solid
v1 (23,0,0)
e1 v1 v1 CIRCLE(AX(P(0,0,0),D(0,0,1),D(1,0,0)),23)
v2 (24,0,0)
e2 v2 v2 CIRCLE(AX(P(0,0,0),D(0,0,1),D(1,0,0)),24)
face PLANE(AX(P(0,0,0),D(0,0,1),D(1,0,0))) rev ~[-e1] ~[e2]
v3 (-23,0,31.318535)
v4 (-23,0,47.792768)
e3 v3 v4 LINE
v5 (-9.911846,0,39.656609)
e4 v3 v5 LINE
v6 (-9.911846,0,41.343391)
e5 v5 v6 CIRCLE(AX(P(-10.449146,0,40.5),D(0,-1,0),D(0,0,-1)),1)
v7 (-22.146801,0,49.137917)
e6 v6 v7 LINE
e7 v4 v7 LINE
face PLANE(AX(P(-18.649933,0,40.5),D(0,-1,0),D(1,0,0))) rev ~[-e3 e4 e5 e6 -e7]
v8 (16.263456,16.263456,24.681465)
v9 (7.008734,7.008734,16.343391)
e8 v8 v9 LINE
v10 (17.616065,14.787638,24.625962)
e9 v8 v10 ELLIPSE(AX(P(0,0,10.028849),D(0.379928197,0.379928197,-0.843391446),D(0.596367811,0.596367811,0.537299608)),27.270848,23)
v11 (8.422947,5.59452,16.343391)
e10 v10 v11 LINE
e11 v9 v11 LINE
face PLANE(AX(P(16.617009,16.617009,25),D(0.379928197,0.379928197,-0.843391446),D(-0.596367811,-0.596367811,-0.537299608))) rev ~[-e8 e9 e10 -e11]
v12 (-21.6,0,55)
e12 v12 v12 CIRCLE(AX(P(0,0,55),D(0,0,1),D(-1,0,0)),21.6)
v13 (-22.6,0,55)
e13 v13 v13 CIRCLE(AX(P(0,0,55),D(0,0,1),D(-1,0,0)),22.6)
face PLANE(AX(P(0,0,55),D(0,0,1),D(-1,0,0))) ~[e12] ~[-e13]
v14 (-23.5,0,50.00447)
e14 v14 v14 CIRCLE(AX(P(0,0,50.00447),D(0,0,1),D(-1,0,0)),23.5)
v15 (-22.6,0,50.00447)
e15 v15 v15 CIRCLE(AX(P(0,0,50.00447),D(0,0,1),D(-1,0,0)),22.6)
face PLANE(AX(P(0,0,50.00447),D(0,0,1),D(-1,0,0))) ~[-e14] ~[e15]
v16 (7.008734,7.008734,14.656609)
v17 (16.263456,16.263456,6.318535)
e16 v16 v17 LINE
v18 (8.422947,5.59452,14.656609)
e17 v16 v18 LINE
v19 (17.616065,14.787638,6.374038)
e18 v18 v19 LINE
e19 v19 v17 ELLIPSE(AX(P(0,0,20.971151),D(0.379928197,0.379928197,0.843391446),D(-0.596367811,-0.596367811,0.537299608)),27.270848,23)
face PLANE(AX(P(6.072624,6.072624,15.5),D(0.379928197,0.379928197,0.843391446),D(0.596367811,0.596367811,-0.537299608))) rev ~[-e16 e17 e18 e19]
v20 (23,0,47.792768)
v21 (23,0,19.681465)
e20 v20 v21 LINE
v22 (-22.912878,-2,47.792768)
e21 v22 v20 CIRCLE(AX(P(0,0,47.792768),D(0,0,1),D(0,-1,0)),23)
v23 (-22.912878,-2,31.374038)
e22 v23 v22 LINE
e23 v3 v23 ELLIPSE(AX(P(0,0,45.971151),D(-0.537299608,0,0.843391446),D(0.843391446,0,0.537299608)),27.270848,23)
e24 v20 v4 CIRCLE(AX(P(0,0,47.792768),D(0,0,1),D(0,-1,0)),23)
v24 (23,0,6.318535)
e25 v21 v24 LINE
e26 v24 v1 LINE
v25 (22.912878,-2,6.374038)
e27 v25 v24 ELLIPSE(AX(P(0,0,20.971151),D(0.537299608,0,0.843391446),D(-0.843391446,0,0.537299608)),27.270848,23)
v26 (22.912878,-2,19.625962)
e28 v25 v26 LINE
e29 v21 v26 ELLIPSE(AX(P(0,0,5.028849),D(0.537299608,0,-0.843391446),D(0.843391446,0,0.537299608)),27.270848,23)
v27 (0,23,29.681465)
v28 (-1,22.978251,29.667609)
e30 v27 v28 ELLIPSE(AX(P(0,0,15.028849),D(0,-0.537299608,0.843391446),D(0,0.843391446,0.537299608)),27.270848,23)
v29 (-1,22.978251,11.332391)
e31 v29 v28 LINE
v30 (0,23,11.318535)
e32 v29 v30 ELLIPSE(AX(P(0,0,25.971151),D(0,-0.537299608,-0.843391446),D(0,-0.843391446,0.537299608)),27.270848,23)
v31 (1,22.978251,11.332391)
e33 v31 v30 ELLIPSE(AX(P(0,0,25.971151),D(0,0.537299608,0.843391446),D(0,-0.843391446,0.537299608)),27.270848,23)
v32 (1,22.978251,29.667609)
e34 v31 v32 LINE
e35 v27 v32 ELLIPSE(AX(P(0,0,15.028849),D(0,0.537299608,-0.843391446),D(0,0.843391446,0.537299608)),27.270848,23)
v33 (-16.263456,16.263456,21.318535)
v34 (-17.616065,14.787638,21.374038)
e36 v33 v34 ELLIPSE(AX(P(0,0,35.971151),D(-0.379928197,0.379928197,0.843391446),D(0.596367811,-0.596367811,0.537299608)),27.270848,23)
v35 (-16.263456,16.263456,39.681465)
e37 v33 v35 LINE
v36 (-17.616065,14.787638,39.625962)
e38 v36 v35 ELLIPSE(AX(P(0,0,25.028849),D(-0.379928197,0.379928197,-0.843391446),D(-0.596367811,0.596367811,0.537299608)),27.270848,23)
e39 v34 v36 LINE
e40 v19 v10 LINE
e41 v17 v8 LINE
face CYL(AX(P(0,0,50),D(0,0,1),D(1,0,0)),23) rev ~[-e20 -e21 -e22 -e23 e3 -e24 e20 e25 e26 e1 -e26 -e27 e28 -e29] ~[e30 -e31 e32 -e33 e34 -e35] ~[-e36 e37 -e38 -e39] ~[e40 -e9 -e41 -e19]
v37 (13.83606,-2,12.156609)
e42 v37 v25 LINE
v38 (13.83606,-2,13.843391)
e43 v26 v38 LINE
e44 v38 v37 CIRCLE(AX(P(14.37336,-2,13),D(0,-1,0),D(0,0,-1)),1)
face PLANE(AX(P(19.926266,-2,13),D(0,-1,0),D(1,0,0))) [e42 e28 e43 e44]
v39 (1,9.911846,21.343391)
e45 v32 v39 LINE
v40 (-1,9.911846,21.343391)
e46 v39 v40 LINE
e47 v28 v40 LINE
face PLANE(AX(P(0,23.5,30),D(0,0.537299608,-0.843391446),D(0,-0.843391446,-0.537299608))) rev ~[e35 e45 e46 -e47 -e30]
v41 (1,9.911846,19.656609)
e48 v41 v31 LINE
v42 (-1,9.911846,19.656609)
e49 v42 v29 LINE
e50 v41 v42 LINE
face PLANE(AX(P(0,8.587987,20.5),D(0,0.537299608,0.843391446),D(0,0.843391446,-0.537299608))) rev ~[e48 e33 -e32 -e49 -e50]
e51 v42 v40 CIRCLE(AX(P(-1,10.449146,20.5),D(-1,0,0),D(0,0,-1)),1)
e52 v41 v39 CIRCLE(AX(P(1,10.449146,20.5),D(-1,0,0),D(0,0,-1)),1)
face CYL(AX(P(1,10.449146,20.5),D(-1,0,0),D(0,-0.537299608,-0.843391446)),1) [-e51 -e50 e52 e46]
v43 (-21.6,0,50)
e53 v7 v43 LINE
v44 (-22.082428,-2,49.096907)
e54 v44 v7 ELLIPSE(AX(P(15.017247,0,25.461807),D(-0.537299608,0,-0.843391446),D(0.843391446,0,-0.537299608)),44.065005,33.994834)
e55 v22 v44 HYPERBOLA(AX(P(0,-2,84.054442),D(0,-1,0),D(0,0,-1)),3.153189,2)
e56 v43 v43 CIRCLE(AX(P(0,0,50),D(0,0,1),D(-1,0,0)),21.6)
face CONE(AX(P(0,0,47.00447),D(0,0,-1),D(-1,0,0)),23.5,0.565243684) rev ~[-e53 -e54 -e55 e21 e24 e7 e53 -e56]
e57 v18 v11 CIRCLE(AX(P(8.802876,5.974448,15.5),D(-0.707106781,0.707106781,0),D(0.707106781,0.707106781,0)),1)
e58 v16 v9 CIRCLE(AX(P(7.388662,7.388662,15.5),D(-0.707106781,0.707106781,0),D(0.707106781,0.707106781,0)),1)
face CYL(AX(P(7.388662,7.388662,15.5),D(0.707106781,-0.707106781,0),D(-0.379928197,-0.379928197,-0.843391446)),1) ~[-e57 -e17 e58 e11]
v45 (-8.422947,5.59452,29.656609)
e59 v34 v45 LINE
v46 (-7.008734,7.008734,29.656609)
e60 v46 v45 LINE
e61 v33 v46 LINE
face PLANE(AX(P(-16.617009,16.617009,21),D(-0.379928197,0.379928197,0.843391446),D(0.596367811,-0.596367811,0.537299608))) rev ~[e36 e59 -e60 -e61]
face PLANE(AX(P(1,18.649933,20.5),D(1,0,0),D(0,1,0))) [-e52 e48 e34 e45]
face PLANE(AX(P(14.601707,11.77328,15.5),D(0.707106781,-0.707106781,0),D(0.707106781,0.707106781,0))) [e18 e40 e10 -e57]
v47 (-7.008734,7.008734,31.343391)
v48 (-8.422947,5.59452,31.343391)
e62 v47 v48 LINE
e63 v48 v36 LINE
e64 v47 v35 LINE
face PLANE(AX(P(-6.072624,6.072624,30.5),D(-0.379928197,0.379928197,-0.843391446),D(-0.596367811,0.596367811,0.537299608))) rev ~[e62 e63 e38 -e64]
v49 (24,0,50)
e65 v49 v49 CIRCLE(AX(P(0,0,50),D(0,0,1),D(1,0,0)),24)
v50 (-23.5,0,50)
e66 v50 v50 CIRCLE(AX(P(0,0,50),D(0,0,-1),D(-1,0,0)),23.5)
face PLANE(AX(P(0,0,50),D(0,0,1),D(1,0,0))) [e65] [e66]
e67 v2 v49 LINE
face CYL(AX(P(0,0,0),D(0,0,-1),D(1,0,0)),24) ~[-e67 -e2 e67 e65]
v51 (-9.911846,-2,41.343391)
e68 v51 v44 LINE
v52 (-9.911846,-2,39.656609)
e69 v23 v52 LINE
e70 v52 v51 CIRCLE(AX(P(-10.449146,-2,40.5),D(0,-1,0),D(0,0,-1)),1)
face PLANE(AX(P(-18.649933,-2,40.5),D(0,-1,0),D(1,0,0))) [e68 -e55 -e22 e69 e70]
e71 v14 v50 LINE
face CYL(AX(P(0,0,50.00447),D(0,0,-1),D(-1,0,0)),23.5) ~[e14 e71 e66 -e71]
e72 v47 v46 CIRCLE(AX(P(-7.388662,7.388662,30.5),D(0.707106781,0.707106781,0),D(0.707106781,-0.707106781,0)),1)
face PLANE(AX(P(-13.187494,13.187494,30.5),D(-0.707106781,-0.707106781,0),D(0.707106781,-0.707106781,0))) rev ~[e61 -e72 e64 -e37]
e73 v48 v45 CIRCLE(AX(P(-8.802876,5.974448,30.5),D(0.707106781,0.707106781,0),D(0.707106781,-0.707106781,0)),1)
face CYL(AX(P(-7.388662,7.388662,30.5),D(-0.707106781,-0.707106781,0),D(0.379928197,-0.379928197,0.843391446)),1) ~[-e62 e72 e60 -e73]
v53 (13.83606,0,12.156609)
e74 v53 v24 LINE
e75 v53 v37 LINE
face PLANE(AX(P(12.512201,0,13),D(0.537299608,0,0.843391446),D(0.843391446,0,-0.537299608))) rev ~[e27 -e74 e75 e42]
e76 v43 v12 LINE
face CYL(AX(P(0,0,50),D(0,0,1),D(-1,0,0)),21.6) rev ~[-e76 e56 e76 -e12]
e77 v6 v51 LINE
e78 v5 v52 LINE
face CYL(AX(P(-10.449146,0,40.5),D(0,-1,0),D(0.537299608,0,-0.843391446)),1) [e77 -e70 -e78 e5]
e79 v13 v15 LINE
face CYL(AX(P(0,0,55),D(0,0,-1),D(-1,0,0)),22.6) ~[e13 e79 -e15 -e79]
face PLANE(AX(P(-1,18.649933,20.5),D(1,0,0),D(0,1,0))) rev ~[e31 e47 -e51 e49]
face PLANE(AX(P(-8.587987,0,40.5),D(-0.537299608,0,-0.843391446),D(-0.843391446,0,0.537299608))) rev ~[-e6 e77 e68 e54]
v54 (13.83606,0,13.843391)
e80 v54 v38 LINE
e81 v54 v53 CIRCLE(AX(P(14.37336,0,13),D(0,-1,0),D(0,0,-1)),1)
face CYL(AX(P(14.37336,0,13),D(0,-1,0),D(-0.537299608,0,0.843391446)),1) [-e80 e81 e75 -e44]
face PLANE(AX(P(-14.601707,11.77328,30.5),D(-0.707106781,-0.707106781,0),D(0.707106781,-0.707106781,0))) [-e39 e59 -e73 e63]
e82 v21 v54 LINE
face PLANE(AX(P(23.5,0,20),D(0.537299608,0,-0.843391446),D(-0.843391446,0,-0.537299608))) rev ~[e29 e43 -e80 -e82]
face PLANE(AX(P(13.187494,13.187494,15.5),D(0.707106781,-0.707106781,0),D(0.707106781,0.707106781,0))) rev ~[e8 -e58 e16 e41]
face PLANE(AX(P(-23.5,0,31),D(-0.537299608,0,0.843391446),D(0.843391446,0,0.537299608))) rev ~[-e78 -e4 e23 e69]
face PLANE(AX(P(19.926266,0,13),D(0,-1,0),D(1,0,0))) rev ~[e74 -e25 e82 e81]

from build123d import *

# Parameters (mm, degrees)
F0_R           = 24
F1_DEPTH       = 50
F2_R           = 23
F3_DEPTH       = 50.001
F10_DEPTH      = 2
F13_DEPTH      = 2
F16_DEPTH      = 1
F16_DEPTH_BACK = 1
F19_DEPTH      = 2
F20_R          = 1


with BuildPart() as f1:
    # F0 (on Top) → F1 (new body)
    with BuildSketch(Plane.XY):
        Circle(F0_R)
    extrude(amount=F1_DEPTH)

    # F2 (on face) → F3 (cut, through all)
    with BuildSketch(Plane.XY.offset(50)):
        Circle(F2_R)
    extrude(amount=-F3_DEPTH, mode=Mode.SUBTRACT)

    # F4 (on Front) → F5 (revolve)
    with BuildSketch(Plane.XZ):
        Polygon((-22.6, 50.0044703981), (-23.5, 50.0044703981), (-23.5, 47.0044703981), (-21.6, 50), (-21.6, 55), (-22.6, 55), align=None)
    revolve(axis=Axis((0, 0, 50), (0, 0, 1)))

    # F9 (on Front) → F10 (join)
    with BuildSketch(Plane.XZ):
        Polygon((-8.5879870174, 40.5), (-23.5, 50), (-23.5, 31), align=None)
        Polygon((23.5, 6), (23.5, 20), (12.5122009602, 13), align=None)
    extrude(amount=F10_DEPTH)

    # F12 (on 3pt) → F13 (join)
    with BuildSketch(Plane(origin=(0, 0, 0), x_dir=(0.7071067812, -0.7071067812, 0), z_dir=(-0.7071067812, -0.7071067812, 0))):
        Polygon((-8.5879870174, 30.5), (-23.5, 40), (-23.5, 21), align=None)
    extrude(amount=F13_DEPTH)

    # F15 (on 3pt) → F16 (join, two sides)
    with BuildSketch(Plane.YZ) as f16_sk:
        Polygon((23.5, 11), (23.5, 30), (8.5879870174, 20.5), align=None)
    extrude(amount=-F16_DEPTH)
    extrude(f16_sk.sketch, amount=F16_DEPTH_BACK)

    # F18 (on 3pt) → F19 (join)
    with BuildSketch(Plane(origin=(0, 0, 0), x_dir=(0.7071067812, 0.7071067812, 0), z_dir=(0.7071067812, -0.7071067812, 0))):
        Polygon((23.5, 6), (23.5, 25), (8.5879870174, 15.5), align=None)
    extrude(amount=F19_DEPTH)

    # F20
    f20_edges = [f1.edges().sort_by_distance(p)[0] for p in [
        (-8.587987, -1, 40.5),
        (-6.779731, 5.365517, 30.5),
        (0, 8.587987, 20.5),
        (6.779731, 5.365517, 15.5),
        (12.512201, -1, 13),
    ]]
    fillet(f20_edges, radius=F20_R)


solid = f1.part
